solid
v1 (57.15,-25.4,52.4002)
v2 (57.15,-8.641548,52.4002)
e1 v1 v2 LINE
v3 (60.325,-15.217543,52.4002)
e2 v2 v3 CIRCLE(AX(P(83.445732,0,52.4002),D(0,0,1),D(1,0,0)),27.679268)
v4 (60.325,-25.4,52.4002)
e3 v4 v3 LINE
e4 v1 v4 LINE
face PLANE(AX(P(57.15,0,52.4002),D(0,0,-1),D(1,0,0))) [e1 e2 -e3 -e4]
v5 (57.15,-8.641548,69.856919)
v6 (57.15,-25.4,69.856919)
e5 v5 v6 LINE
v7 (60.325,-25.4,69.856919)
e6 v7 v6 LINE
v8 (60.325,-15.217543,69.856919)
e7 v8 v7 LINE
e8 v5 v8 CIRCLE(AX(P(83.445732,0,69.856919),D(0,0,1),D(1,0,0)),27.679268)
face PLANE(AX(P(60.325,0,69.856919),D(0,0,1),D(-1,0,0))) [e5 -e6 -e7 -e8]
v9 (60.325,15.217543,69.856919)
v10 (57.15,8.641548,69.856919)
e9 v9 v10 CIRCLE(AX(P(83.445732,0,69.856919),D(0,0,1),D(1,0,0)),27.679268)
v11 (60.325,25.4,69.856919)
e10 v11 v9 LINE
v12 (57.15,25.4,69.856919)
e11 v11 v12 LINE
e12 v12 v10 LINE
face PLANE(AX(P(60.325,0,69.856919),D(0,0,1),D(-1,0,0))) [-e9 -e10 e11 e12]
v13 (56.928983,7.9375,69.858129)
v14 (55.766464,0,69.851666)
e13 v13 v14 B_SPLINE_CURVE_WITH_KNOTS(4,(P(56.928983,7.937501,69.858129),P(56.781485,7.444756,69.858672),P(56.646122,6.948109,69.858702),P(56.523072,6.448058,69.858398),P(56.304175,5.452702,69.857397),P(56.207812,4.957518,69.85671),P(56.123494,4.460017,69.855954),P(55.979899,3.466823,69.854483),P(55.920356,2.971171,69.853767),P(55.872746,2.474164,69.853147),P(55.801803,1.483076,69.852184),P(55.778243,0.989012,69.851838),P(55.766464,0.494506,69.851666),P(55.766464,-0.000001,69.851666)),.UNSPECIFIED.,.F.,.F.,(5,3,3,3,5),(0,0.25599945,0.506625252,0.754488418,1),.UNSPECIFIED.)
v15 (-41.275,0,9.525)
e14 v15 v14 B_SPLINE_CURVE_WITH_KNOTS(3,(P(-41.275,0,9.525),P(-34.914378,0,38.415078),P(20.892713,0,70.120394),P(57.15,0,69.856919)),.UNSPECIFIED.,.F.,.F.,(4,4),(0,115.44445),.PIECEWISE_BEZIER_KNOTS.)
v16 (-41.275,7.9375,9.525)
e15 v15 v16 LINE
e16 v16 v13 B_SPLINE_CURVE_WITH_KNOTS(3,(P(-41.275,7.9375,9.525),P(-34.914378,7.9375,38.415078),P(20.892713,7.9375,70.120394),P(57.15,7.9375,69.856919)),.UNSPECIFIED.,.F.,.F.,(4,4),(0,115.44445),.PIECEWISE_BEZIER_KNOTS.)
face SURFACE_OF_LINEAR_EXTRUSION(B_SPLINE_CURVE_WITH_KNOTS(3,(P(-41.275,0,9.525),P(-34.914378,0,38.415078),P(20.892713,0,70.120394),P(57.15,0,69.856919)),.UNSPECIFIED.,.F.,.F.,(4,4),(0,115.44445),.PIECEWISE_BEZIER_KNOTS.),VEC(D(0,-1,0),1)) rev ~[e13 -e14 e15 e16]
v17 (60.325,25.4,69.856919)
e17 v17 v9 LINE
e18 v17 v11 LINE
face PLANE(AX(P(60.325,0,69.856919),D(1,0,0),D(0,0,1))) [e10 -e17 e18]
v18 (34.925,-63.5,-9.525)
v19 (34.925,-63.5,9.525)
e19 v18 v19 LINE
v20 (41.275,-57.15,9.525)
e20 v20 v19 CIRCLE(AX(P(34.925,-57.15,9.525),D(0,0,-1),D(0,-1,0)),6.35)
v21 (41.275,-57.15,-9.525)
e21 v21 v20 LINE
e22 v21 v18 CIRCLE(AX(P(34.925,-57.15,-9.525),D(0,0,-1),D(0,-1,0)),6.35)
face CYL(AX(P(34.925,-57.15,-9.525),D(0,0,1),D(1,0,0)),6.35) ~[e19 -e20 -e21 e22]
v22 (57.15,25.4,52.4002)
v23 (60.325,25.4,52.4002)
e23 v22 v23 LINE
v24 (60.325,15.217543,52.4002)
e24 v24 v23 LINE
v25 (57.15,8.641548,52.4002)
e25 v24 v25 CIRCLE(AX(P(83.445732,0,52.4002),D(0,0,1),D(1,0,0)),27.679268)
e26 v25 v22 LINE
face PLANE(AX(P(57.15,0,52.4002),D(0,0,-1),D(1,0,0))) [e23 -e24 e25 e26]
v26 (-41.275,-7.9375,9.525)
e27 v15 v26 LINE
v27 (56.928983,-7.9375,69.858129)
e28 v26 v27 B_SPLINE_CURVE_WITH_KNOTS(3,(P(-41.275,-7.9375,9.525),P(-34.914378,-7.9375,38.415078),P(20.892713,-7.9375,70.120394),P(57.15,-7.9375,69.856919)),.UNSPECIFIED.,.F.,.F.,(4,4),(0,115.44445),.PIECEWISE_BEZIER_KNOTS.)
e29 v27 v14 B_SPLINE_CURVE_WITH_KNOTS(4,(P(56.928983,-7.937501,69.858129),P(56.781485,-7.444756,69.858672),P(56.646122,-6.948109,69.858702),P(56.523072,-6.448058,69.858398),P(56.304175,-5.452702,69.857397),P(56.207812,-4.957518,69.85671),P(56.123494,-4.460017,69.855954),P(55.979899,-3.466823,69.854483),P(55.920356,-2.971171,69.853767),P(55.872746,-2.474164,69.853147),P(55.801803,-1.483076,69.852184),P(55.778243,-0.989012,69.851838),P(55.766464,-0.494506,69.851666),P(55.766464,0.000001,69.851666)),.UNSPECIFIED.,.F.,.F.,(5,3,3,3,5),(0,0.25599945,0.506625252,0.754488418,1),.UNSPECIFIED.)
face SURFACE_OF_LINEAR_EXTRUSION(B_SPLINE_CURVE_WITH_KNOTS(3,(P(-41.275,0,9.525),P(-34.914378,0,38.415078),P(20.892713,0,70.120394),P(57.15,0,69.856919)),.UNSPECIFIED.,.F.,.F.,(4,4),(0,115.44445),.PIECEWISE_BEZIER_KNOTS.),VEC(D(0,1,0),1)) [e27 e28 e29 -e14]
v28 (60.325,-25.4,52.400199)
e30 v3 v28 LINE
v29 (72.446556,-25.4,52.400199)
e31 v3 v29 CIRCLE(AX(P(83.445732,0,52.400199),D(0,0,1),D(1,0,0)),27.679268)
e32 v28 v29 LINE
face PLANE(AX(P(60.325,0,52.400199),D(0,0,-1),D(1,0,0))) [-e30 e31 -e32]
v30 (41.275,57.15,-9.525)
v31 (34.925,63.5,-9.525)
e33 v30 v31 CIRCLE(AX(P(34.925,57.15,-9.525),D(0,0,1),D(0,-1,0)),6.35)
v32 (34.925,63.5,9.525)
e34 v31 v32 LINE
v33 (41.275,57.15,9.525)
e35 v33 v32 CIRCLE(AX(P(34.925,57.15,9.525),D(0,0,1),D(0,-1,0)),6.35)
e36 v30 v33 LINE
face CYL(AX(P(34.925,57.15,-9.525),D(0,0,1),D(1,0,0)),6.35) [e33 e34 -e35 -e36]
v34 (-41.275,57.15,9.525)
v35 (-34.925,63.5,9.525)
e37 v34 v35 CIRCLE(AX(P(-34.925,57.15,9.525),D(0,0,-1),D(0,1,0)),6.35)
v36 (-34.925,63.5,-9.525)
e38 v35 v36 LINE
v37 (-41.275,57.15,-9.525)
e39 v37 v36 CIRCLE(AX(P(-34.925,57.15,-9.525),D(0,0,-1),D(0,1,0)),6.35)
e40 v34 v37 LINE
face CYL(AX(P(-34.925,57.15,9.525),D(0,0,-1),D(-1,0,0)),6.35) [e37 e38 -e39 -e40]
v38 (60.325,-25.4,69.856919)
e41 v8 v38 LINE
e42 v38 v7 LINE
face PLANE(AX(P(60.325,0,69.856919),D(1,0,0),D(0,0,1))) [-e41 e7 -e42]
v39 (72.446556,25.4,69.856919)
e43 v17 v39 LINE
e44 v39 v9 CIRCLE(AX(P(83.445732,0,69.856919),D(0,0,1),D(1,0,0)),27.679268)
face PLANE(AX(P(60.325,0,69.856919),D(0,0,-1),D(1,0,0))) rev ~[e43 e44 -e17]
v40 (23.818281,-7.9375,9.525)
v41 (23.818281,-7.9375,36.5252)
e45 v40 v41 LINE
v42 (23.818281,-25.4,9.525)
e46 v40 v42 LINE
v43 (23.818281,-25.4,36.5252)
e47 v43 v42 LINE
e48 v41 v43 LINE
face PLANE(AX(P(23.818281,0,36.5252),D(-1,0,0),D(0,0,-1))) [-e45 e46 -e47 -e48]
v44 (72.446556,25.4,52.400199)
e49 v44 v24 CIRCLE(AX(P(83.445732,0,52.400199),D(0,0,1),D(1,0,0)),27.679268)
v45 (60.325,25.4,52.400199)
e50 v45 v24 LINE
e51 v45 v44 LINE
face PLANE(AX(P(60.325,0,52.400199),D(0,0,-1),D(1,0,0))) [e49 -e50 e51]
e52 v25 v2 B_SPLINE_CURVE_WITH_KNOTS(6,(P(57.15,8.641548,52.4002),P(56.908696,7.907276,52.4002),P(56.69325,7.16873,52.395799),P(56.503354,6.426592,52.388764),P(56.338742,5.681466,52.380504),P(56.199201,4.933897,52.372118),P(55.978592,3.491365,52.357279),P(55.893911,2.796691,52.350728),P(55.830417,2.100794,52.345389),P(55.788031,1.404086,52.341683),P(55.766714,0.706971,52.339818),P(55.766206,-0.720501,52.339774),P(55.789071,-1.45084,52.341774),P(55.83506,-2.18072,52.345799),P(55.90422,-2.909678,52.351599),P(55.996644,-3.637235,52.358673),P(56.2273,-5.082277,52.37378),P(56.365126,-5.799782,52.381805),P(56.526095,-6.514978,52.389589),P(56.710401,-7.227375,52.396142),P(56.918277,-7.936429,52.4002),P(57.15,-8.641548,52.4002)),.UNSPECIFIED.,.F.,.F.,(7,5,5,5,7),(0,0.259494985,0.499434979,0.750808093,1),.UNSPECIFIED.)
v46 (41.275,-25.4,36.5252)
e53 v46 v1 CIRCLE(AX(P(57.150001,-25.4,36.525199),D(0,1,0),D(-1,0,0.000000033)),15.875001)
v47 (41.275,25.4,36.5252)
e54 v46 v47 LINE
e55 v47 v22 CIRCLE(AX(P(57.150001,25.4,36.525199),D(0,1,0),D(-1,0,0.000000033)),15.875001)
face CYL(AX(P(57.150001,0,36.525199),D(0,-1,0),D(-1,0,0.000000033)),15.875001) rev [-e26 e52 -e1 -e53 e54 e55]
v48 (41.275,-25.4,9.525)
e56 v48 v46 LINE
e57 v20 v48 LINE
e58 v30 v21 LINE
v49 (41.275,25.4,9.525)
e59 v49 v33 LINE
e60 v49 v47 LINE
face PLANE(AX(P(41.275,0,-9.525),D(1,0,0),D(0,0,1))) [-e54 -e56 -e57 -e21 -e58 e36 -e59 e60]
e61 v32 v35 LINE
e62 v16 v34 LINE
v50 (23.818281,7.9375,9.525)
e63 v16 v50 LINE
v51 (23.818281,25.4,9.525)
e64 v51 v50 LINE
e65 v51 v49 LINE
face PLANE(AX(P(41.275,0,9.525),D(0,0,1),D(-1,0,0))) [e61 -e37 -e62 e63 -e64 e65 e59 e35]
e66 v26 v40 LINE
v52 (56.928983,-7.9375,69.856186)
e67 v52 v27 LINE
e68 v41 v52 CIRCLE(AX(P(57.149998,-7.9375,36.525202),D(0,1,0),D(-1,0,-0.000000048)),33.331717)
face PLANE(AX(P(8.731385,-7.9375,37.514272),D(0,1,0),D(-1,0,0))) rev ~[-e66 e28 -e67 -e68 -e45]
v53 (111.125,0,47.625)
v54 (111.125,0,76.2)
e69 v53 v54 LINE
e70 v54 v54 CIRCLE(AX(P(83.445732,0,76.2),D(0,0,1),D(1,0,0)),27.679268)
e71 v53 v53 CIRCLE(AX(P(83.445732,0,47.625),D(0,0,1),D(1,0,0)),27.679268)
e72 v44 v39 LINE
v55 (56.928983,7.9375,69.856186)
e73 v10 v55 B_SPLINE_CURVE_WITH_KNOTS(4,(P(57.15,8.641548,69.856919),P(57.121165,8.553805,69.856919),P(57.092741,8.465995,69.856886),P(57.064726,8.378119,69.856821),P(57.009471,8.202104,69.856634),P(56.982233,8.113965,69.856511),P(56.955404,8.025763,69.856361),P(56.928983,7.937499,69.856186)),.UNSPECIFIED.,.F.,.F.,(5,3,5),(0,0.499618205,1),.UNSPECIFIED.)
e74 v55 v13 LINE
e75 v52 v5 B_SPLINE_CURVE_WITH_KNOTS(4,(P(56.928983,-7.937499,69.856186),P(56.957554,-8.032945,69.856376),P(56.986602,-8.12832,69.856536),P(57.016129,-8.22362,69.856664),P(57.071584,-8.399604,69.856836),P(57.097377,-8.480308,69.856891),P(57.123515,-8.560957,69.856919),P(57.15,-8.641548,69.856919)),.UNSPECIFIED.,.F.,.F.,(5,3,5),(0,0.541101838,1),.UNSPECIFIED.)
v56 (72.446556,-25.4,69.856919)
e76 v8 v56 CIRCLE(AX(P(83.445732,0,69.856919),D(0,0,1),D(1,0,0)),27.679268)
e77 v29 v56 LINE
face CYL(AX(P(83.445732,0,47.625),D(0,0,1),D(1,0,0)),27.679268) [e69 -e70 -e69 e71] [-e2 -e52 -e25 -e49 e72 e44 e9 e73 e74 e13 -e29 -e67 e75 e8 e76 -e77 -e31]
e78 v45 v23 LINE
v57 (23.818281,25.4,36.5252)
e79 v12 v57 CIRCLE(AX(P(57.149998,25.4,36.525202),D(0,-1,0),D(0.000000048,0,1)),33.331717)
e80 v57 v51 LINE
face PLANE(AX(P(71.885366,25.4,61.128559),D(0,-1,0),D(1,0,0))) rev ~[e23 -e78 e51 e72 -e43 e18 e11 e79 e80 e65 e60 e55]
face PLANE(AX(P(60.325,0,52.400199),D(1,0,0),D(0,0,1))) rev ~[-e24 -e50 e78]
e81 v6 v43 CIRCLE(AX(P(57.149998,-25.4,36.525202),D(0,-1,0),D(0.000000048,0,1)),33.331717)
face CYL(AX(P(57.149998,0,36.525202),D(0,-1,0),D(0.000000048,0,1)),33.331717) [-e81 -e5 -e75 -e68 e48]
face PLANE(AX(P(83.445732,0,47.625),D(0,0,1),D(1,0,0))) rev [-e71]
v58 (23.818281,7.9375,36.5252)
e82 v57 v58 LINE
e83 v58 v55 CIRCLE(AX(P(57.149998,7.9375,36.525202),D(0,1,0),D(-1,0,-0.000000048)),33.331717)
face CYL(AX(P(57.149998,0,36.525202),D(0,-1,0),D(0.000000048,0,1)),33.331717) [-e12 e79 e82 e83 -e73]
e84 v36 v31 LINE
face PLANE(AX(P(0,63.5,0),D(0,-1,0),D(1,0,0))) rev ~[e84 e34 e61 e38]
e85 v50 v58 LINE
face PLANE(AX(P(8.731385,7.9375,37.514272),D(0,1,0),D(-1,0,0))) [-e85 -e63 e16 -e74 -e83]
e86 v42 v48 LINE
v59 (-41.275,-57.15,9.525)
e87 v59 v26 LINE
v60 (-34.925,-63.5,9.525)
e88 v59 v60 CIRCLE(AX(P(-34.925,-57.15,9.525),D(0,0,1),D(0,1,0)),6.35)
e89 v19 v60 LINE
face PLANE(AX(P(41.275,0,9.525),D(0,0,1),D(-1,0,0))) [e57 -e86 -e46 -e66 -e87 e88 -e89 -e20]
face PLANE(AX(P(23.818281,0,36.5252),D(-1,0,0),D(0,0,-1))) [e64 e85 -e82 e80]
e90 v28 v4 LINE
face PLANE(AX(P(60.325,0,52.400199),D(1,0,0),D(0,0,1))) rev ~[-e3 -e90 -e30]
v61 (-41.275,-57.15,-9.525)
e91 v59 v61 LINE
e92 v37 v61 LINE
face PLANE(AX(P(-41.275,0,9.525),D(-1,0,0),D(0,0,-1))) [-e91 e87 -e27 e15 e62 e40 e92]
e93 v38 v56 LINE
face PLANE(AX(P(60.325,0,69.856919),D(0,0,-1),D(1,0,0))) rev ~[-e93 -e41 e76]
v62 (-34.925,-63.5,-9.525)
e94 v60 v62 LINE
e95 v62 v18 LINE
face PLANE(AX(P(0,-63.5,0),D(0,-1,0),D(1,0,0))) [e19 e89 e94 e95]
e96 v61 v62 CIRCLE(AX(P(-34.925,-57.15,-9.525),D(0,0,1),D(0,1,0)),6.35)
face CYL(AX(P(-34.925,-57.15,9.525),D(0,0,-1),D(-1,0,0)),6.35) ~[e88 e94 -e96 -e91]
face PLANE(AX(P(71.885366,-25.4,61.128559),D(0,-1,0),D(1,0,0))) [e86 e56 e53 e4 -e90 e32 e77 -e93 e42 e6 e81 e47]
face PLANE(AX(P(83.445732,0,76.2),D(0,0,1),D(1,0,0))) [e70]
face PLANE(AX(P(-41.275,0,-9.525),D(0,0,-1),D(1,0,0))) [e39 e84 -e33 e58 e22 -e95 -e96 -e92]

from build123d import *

# Parameters (mm, degrees)
F1_DEPTH = 63.5
F0_W     = 23.120732
F0_H     = 17.456719
F2_DEPTH = 25.4
F3_DEPTH = 7.9375
F5_R     = 6.35


with BuildPart() as f1:
    # F0 (on Front) → F1 (new body, symmetric)
    with BuildSketch(Plane.XZ):
        Polygon((23.818281, 9.525), (-41.275, 9.525), (-41.275, -9.525), (41.275, -9.525), (41.275, 9.525), align=None)
    extrude(amount=F1_DEPTH, both=True)

    # F0 (on Front) → F2 (join, symmetric)
    with BuildSketch(Plane.XZ):
        with Locations((71.885366, 61.128559)):
            Rectangle(F0_W, F0_H)
        with BuildLine():
            Line((23.818281, 36.5252), (23.818281, 9.525))
            Line((23.818281, 9.525), (41.275, 9.525))
            Line((41.275, 9.525), (41.275, 36.5252))
            ThreePointArc((41.275, 36.5252), (45.92468, 47.75052), (57.15, 52.4002))
            Line((57.15, 52.4002), (60.325, 52.4002))
            Line((60.325, 52.4002), (60.325, 69.856919))
            Line((60.325, 69.856919), (57.15, 69.856919))
            ThreePointArc((57.15, 69.856919), (33.580915, 60.094285), (23.818281, 36.5252))
        make_face()
    extrude(amount=F2_DEPTH, both=True)

    # F0 (on Front) → F3 (join, symmetric)
    with BuildSketch(Plane.XZ):
        with BuildLine():
            add(Edge.make_bspline(
                [(-41.275, 9.525), (-34.914378, 38.415078), (20.892713, 70.120394), (57.15, 69.856919)],
                knots=[0, 0, 0, 0, 115.44445, 115.44445, 115.44445, 115.44445], degree=3))
            Line((-41.275, 9.525), (23.818281, 9.525))
            Line((23.818281, 9.525), (23.818281, 36.5252))
            ThreePointArc((23.818281, 36.5252), (33.580915, 60.094285), (57.15, 69.856919))
        make_face()
    extrude(amount=F3_DEPTH, both=True)

    # F0 (on Front) → F4 (revolve)
    with BuildSketch(Plane.XZ):
        Polygon((83.445732, 76.2), (83.445732, 69.856919), (83.445732, 52.4002), (83.445732, 47.625), (111.125, 47.625), (111.125, 76.2), align=None)
    revolve(axis=Axis((83.445732, 0, 61.9125), (0, 0, 1)))

    # F5
    f5_edges = [f1.edges().sort_by_distance(p)[0] for p in [
        (-41.275, -63.5, 0),
        (41.275, -63.5, 0),
        (41.275, 63.5, 0),
        (-41.275, 63.5, 0),
    ]]
    fillet(f5_edges, radius=F5_R)


solid = f1.part
